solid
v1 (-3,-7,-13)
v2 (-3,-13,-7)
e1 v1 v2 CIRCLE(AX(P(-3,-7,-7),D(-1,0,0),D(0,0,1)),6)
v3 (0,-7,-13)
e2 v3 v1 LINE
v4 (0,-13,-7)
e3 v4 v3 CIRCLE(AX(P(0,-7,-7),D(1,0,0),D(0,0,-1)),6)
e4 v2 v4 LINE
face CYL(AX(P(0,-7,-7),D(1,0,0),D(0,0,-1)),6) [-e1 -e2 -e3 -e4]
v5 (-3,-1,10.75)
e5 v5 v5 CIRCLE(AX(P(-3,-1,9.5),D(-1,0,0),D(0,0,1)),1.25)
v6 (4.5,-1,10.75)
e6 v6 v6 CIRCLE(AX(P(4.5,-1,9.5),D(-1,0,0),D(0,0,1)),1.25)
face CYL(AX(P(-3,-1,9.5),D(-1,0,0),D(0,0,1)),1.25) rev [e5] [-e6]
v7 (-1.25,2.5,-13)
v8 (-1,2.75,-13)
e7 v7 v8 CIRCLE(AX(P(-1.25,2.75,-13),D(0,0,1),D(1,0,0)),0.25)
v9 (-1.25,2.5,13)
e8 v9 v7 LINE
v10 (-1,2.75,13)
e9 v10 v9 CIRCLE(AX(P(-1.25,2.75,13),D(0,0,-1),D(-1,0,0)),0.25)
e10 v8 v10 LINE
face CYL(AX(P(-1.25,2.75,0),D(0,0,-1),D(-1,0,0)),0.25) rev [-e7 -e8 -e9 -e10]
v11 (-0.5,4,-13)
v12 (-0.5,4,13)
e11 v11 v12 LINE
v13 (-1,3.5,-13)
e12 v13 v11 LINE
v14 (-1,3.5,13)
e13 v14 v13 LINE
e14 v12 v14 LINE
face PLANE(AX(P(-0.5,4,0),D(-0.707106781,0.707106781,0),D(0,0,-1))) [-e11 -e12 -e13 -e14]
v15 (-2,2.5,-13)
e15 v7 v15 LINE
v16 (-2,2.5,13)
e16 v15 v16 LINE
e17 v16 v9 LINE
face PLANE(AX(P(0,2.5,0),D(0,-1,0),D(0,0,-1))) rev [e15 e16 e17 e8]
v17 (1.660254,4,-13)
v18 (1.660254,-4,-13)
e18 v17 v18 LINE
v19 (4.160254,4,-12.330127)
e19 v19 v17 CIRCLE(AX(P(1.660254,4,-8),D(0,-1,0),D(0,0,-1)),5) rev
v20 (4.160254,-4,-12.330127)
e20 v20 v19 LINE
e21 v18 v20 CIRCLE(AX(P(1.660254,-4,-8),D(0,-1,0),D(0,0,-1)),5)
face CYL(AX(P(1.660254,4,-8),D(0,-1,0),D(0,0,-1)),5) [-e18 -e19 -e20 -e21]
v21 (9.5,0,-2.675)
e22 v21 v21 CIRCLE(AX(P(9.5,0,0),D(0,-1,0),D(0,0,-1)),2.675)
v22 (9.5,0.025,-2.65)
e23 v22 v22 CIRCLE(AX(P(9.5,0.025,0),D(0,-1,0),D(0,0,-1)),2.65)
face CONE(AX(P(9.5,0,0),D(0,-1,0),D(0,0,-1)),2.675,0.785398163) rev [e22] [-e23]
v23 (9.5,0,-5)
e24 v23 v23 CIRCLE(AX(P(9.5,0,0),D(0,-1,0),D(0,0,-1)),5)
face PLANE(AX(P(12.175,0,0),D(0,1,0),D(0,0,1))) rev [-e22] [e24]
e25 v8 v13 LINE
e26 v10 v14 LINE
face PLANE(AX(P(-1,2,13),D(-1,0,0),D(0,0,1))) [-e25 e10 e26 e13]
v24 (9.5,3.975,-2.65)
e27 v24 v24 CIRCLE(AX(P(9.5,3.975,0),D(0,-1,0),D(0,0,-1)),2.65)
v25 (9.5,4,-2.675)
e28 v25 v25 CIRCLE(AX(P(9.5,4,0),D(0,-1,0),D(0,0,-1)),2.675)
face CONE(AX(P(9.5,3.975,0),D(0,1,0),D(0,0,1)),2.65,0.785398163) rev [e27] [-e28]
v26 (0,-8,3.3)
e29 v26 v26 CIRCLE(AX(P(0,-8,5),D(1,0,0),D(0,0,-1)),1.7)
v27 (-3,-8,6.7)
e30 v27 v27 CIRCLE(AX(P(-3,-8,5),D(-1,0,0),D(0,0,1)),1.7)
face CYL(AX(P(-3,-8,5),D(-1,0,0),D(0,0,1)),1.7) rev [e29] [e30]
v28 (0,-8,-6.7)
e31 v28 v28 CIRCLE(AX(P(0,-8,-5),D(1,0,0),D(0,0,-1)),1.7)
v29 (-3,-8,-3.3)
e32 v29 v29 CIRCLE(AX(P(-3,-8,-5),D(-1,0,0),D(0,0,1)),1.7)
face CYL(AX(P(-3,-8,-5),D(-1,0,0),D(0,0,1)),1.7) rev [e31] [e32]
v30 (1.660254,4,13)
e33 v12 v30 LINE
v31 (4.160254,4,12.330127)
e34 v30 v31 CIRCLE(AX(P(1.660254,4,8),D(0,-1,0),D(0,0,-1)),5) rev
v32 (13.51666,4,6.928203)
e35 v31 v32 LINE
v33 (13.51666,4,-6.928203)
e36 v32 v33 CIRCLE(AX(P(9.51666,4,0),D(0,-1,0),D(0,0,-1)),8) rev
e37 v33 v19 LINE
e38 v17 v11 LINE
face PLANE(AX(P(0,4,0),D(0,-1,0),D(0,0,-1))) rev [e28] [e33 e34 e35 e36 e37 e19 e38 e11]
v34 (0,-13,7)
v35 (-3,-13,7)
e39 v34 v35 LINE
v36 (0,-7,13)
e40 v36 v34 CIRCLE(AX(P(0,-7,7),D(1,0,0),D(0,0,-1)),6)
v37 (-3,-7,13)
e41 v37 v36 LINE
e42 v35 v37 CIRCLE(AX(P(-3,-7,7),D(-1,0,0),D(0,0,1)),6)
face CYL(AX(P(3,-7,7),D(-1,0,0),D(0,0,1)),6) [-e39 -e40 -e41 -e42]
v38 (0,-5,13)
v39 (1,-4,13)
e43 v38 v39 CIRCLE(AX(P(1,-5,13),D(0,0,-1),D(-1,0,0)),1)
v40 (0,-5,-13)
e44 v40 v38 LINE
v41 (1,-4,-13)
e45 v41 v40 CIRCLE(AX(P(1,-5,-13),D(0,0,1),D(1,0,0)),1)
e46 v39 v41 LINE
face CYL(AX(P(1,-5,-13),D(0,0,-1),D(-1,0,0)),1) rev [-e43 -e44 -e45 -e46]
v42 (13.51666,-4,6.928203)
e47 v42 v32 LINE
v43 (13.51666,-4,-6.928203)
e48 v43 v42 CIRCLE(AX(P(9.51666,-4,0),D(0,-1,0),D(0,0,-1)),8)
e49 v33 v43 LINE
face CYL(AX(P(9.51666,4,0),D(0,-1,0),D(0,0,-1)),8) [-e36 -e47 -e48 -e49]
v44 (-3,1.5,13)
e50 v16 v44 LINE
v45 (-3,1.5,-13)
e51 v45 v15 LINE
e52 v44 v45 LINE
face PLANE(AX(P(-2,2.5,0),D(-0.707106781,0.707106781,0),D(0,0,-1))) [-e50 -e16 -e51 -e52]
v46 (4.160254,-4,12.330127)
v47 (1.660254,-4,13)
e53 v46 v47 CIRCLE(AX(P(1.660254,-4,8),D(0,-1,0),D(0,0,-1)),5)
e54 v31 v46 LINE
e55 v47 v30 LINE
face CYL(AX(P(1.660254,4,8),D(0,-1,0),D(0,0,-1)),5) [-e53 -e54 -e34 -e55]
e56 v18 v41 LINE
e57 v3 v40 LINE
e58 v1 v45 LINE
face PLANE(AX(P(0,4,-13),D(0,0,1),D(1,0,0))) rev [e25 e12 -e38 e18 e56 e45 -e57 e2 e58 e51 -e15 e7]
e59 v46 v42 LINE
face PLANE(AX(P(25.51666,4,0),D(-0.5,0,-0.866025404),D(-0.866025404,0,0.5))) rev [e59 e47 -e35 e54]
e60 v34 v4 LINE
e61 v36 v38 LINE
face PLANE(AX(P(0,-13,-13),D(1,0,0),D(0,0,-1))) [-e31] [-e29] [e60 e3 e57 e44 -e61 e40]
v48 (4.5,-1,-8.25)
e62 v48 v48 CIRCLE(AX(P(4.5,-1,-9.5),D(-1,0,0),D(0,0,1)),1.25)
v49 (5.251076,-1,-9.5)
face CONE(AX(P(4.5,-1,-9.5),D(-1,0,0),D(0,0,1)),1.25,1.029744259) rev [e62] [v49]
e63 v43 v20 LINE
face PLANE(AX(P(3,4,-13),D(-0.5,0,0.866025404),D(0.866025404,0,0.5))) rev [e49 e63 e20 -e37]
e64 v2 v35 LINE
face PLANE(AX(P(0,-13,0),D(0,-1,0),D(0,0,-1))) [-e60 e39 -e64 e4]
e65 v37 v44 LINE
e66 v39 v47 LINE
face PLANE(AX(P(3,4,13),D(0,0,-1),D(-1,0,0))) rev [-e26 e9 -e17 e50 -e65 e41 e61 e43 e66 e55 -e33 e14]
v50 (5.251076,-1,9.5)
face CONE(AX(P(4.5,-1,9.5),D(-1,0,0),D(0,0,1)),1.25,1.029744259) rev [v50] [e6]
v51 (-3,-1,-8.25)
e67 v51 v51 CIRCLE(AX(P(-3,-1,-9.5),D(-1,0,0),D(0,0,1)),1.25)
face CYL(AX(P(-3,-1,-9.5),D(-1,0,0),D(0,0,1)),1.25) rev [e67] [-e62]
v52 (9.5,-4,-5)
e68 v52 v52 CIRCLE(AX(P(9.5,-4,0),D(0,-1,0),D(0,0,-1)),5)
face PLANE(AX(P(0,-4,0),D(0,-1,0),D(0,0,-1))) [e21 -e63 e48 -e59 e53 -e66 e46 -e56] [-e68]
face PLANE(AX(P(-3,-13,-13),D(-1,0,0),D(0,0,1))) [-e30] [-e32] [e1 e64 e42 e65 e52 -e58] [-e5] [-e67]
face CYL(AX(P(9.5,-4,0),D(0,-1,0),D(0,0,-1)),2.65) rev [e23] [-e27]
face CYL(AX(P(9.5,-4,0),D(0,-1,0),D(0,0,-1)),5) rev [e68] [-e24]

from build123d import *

# Parameters (mm, degrees)
BOSS_EXTRUDE1_DEPTH       = 4
FILLET1_R                 = 8
SKETCH7_W                 = 3
SKETCH7_H                 = 26
BOSS_EXTRUDE3_DEPTH       = 15.5
M3X0_5_TAPPED_HOLE1_D     = 2.5
M3X0_5_TAPPED_HOLE1_DEPTH = 7.5
M3X0_5_TAPPED_HOLE1_TIP   = 0.751075774
M3_CLEARANCE_HOLE2_D      = 3.4
SKETCH12_W                = 1
SKETCH12_H                = 26
BOSS_EXTRUDE4_DEPTH       = 2
FILLET4_R                 = 6
FILLET5_R                 = 1
FILLET6_R                 = 5
FILLET7_R                 = 0.25
CHAMFER1_SIZE             = 1
CHAMFER2_SIZE             = 0.5


with BuildPart() as part:
    # Sketch1 → Boss-Extrude1 (new, symmetric)
    with BuildSketch(Plane(origin=(0, 0, 0), x_dir=(1, 0, 0), z_dir=(0, 1, 0))):
        Polygon((0, 0), (0, 13), (3, 13), (25.516660498, 0), (3, -13), (0, -13), align=None)
    extrude(amount=BOSS_EXTRUDE1_DEPTH, both=True)

    # Fillet1
    fillet1_edges = [part.edges().sort_by_distance(p)[0] for p in [
        (25.516660498, 0, 0),
    ]]
    fillet(fillet1_edges, radius=FILLET1_R)

    # Sketch7 → Boss-Extrude3 (add)
    with BuildSketch(Plane(origin=(0, 2.5, 0), x_dir=(1, 0, 0), z_dir=(0, 1, 0))):
        with Locations((-1.5, 0)):
            Rectangle(SKETCH7_W, SKETCH7_H)
    extrude(amount=-BOSS_EXTRUDE3_DEPTH)

    # M3x0.5 Tapped Hole1
    with Locations(Plane.ZY.offset(3)):
        with Locations((9.5, -1), (-9.5, -1)):
            Hole(M3X0_5_TAPPED_HOLE1_D / 2, depth=M3X0_5_TAPPED_HOLE1_DEPTH)
            with Locations((0, 0, -(M3X0_5_TAPPED_HOLE1_DEPTH + M3X0_5_TAPPED_HOLE1_TIP / 2))):  # 118° drill point
                Cone(0, M3X0_5_TAPPED_HOLE1_D / 2, M3X0_5_TAPPED_HOLE1_TIP, mode=Mode.SUBTRACT)

    # M3 Clearance Hole2 (through all)
    with Locations(Plane.ZY.offset(3)):
        with Locations((-5, -8), (5, -8)):
            Hole(M3_CLEARANCE_HOLE2_D / 2)

    # Sketch12 → Boss-Extrude4 (add)
    with BuildSketch(Plane(origin=(0, 4, 0), x_dir=(1, 0, 0), z_dir=(0, 1, 0))):
        with Locations((-0.5, 0)):
            Rectangle(SKETCH12_W, SKETCH12_H)
    extrude(amount=-BOSS_EXTRUDE4_DEPTH)

    # Sketch20 → CBORE for M5 SHCS1 (revolve, cut)
    with BuildSketch(Plane(origin=(9.5, -4, 0), x_dir=(0, 0, -1), z_dir=(1, 0, 0))):
        Polygon((0, 0), (0, 8), (2.675, 8), (2.65, 7.975), (2.65, 4.025), (2.675, 4), (5, 4), (5, 0), align=None)
    revolve(axis=Axis((9.5, -10.35, 0), (0, 1, 0)), mode=Mode.SUBTRACT)

    # Fillet4
    fillet4_edges = [part.edges().sort_by_distance(p)[0] for p in [
        (-1.5, -13, 13),
        (-1.5, -13, -13),
    ]]
    fillet(fillet4_edges, radius=FILLET4_R)

    # Fillet5
    fillet5_edges = [part.edges().sort_by_distance(p)[0] for p in [
        (0, -4, 0),
    ]]
    fillet(fillet5_edges, radius=FILLET5_R)

    # Fillet6
    fillet6_edges = [part.edges().sort_by_distance(p)[0] for p in [
        (3, 0, -13),
        (3, 0, 13),
    ]]
    fillet(fillet6_edges, radius=FILLET6_R)

    # Fillet7
    fillet7_edges = [part.edges().sort_by_distance(p)[0] for p in [
        (-1, 2.5, 0),
    ]]
    fillet(fillet7_edges, radius=FILLET7_R)

    # Chamfer1
    chamfer1_edges = [part.edges().sort_by_distance(p)[0] for p in [
        (-3, 2.5, 0),
    ]]
    chamfer(chamfer1_edges, length=CHAMFER1_SIZE)

    # Chamfer2
    chamfer2_edges = [part.edges().sort_by_distance(p)[0] for p in [
        (-1, 4, 0),
    ]]
    chamfer(chamfer2_edges, length=CHAMFER2_SIZE)


solid = part.part
